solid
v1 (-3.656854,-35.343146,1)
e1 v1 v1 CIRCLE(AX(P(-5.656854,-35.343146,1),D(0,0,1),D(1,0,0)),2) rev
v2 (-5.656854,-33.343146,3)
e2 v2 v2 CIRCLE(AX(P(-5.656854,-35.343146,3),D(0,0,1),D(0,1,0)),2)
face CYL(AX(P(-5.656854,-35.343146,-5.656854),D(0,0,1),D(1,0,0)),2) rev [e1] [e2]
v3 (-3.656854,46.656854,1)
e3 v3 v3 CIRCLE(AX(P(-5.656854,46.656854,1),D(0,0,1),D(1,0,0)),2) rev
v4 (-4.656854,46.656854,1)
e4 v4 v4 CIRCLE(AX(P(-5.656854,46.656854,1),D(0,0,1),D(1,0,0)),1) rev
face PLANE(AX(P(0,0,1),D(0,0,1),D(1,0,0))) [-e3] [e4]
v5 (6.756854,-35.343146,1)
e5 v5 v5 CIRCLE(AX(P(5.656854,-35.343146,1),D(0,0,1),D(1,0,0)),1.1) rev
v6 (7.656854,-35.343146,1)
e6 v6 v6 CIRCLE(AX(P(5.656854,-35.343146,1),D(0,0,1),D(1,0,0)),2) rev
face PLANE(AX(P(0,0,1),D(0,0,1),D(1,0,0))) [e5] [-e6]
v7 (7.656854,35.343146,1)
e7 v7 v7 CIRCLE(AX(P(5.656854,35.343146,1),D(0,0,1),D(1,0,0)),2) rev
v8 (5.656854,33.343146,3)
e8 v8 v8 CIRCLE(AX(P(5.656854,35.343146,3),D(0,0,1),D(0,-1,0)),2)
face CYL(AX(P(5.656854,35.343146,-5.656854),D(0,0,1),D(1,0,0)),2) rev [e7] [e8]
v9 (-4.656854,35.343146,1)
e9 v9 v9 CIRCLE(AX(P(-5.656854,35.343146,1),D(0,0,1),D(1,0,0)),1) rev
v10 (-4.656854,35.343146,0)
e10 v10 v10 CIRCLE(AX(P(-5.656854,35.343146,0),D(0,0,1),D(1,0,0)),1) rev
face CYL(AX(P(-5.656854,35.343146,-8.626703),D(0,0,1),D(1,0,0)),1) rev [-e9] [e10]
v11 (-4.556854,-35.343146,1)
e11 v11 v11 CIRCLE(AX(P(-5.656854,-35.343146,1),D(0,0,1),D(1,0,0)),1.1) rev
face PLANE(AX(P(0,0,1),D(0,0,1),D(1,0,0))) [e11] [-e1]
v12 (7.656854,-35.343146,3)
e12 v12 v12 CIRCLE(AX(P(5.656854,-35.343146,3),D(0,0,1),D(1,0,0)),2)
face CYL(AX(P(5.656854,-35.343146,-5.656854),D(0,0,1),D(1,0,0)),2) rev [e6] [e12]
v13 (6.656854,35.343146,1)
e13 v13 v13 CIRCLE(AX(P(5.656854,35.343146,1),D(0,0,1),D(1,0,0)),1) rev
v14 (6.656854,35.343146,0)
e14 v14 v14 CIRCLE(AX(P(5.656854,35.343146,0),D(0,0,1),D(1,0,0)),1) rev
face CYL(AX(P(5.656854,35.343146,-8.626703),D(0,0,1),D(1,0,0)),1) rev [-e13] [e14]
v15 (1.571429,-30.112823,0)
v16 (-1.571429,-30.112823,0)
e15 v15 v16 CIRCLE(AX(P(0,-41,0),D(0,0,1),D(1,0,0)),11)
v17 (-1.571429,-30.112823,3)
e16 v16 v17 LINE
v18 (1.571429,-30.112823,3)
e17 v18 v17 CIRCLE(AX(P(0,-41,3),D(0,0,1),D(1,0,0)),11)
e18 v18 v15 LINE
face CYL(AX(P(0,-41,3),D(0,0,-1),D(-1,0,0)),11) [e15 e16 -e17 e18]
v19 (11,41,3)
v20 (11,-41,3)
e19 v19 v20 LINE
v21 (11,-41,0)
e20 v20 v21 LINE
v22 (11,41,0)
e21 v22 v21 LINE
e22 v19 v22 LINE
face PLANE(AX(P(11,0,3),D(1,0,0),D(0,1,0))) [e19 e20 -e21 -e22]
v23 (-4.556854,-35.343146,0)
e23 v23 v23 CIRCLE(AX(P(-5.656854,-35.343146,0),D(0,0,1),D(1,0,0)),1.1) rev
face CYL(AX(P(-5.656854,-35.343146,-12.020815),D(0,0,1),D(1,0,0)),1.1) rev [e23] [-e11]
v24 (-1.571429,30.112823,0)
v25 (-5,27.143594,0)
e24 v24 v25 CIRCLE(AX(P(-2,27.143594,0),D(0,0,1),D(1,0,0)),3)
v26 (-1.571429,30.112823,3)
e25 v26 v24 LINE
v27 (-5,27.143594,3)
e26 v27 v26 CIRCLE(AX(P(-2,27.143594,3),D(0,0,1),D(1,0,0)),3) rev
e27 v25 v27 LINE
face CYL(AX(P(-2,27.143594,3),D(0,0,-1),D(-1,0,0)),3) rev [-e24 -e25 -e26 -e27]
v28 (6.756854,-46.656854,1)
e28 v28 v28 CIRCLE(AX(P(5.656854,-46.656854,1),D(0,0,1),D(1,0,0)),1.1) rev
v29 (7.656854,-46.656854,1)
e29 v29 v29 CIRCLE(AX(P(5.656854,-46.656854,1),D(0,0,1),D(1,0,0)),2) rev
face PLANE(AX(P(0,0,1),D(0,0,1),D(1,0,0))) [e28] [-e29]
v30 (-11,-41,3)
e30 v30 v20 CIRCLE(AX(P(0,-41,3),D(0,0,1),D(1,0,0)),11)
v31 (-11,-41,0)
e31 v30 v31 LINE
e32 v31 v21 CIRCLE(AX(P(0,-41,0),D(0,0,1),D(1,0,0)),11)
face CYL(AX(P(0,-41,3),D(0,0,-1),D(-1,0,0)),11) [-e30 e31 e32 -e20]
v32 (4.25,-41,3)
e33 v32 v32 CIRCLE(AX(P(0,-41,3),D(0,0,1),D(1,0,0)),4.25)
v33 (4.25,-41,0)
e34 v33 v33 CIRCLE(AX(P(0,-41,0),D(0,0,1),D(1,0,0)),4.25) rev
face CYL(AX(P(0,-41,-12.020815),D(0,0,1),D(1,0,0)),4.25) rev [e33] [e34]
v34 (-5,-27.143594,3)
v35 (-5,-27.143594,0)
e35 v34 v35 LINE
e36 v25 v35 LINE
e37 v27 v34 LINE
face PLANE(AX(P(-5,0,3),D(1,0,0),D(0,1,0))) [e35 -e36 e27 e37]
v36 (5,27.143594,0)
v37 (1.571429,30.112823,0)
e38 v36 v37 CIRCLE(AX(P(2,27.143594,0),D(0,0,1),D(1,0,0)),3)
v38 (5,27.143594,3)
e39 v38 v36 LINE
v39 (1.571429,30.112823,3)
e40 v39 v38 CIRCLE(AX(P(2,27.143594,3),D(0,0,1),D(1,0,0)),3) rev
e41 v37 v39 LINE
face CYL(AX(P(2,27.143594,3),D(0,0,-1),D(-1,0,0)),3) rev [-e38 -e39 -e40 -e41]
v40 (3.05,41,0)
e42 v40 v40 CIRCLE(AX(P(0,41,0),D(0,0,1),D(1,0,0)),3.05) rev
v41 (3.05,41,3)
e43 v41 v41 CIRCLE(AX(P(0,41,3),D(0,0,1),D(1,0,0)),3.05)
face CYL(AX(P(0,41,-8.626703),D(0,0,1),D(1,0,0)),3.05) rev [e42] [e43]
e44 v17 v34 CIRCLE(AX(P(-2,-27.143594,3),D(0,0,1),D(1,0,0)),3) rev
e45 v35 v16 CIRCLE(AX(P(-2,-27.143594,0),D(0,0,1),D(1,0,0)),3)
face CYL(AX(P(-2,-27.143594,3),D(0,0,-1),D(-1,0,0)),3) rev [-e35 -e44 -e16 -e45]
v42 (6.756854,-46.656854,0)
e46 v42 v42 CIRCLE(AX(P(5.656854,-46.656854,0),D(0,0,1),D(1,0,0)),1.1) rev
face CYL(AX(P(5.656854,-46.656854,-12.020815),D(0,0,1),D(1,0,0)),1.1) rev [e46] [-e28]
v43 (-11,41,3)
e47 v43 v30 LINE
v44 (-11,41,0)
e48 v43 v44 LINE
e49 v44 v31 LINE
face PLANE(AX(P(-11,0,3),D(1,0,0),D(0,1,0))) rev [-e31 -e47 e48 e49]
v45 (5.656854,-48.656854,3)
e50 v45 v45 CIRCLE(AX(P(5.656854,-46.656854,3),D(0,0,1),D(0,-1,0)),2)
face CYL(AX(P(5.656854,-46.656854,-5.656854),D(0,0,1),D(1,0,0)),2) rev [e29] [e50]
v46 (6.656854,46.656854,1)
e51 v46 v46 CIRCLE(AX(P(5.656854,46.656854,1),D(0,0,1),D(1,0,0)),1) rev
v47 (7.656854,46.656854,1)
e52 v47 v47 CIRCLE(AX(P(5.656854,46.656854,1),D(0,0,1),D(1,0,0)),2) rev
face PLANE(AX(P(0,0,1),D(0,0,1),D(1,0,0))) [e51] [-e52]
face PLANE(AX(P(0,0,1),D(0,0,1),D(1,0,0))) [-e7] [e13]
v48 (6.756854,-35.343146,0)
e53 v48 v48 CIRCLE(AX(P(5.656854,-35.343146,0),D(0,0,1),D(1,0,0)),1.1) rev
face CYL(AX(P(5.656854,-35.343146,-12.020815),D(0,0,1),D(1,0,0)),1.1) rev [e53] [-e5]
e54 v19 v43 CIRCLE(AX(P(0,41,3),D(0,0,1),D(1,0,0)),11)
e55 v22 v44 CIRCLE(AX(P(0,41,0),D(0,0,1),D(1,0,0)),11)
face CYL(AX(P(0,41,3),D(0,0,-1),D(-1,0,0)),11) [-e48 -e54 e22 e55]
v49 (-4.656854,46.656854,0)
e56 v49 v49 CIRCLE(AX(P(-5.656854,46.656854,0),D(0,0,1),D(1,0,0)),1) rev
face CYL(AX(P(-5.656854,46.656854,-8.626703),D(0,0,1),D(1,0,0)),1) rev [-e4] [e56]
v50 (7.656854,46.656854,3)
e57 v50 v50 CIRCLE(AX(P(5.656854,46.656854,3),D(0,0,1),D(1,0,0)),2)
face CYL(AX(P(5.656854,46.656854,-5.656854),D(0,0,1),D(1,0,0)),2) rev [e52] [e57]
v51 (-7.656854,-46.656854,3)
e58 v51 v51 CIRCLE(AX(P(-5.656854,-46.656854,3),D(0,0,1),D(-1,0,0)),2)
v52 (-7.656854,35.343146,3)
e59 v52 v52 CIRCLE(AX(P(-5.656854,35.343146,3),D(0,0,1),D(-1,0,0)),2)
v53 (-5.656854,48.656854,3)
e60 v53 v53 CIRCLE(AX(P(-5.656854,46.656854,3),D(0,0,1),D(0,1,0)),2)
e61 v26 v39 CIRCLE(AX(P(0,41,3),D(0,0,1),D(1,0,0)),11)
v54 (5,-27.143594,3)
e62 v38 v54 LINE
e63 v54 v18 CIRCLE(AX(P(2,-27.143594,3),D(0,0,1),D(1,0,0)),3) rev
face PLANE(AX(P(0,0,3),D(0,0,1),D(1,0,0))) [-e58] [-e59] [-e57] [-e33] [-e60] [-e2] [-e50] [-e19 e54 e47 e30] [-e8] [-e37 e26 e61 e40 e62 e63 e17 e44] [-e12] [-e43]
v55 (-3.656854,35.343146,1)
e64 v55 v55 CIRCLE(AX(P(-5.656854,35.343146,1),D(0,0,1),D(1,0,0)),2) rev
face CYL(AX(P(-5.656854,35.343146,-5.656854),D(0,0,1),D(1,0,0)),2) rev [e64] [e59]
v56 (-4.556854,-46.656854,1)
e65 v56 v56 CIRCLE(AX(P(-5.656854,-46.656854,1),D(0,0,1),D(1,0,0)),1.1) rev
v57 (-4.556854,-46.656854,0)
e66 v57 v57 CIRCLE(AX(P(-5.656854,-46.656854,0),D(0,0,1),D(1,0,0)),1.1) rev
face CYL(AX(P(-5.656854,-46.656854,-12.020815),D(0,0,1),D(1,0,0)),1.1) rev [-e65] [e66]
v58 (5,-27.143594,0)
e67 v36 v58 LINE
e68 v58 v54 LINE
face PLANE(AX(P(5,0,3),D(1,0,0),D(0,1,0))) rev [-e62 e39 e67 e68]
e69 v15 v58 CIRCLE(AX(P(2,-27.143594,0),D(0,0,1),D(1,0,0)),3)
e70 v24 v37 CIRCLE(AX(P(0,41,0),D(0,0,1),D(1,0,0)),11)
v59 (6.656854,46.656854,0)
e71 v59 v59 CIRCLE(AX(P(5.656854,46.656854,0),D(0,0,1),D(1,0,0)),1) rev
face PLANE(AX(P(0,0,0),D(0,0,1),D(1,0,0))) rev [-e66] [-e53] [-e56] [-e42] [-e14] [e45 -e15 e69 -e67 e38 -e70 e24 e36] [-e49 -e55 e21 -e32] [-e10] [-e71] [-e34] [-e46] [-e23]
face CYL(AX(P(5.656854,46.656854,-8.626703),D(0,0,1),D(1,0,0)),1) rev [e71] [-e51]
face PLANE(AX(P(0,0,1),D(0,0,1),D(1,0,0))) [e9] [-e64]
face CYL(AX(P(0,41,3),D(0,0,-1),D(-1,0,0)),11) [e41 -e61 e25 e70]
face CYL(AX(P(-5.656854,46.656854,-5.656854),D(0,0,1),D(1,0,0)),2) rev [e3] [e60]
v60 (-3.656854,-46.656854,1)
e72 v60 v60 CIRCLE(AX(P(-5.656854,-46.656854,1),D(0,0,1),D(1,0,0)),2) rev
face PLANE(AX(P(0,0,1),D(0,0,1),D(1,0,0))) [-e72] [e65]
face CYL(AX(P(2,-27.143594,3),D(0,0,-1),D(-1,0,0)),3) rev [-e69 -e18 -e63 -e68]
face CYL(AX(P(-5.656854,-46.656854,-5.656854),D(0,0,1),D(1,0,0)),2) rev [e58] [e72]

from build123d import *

# Parameters (mm, degrees)
BOSS_EXTRUDE1_DEPTH = 3
SKETCH3_R           = 4.25
SKETCH3_R_2         = 1.1
CUT_EXTRUDE3_DEPTH  = 3
SKETCH3_6_R         = 2
CUT_EXTRUDE4_DEPTH  = 2
CIRPATTERN3_COUNT   = 4
SKETCH2_R           = 3.05
SKETCH2_R_2         = 1
CUT_EXTRUDE5_DEPTH  = 3
SKETCH2_5_R         = 2
CUT_EXTRUDE6_DEPTH  = 2
CIRPATTERN4_COUNT   = 4
FILLET1_R           = 3


with BuildPart() as part:
    # Sketch1 → Boss-Extrude1 (new body)
    with BuildSketch(Plane.XY):
        with BuildLine():
            ThreePointArc((11, 41), (0, 52), (-11, 41))
            Line((-11, 41), (-11, -41))
            ThreePointArc((-11, -41), (0, -52), (11, -41))
            Line((11, -41), (11, 41))
        make_face()
        with BuildLine():
            ThreePointArc((0, 30), (2.571230378, 30.304731217), (5, 31.202041029))
            Line((5, 31.202041029), (5, -31.202041029))
            ThreePointArc((5, -31.202041029), (2.571230378, -30.304731217), (0, -30))
            ThreePointArc((0, -30), (-2.571230378, -30.304731217), (-5, -31.202041029))
            Line((-5, -31.202041029), (-5, 31.202041029))
            ThreePointArc((-5, 31.202041029), (-2.571230378, 30.304731217), (0, 30))
        make_face(mode=Mode.SUBTRACT)
    extrude(amount=BOSS_EXTRUDE1_DEPTH)

    # Sketch3 → Cut-Extrude3 (cut)
    with BuildSketch(Plane.XY.offset(3)):
        with Locations((0, -41)):
            Circle(SKETCH3_R)
        with Locations((5.656854249, -35.343145751)):
            Circle(SKETCH3_R_2)
    cut_extrude3 = extrude(amount=-CUT_EXTRUDE3_DEPTH, mode=Mode.SUBTRACT)

    # Sketch3<6> → Cut-Extrude4 (cut)
    with BuildSketch(Plane.XY.offset(3)):
        with Locations((5.656854249, -35.343145751)):
            Circle(SKETCH3_6_R)
    cut_extrude4 = extrude(amount=-CUT_EXTRUDE4_DEPTH, mode=Mode.SUBTRACT)

    # CirPattern3: Cut-Extrude3, Cut-Extrude4 ×4 about axis
    cirpattern3_axis = Axis((0, -41, 0), (0, 0, 1))
    add([cut_extrude3.rotate(cirpattern3_axis, i * 360 / CIRPATTERN3_COUNT) for i in range(1, CIRPATTERN3_COUNT)], mode=Mode.SUBTRACT)
    add([cut_extrude4.rotate(cirpattern3_axis, i * 360 / CIRPATTERN3_COUNT) for i in range(1, CIRPATTERN3_COUNT)], mode=Mode.SUBTRACT)

    # Sketch2 → Cut-Extrude5 (cut)
    with BuildSketch(Plane.XY.offset(3)):
        with Locations((0, 41)):
            Circle(SKETCH2_R)
        with Locations((5.656854249, 46.656854249)):
            Circle(SKETCH2_R_2)
    cut_extrude5 = extrude(amount=-CUT_EXTRUDE5_DEPTH, mode=Mode.SUBTRACT)

    # Sketch2<5> → Cut-Extrude6 (cut)
    with BuildSketch(Plane.XY.offset(3)):
        with Locations((5.656854249, 46.656854249)):
            Circle(SKETCH2_5_R)
    cut_extrude6 = extrude(amount=-CUT_EXTRUDE6_DEPTH, mode=Mode.SUBTRACT)

    # CirPattern4: Cut-Extrude5, Cut-Extrude6 ×4 about axis
    cirpattern4_axis = Axis((0, 41, 0), (0, 0, 1))
    add([cut_extrude5.rotate(cirpattern4_axis, i * 360 / CIRPATTERN4_COUNT) for i in range(1, CIRPATTERN4_COUNT)], mode=Mode.SUBTRACT)
    add([cut_extrude6.rotate(cirpattern4_axis, i * 360 / CIRPATTERN4_COUNT) for i in range(1, CIRPATTERN4_COUNT)], mode=Mode.SUBTRACT)

    # Fillet1
    fillet1_edges = [part.edges().sort_by_distance(p)[0] for p in [
        (5, 31.202041029, 1.5),
        (-5, 31.202041029, 1.5),
        (-5, -31.202041029, 1.5),
        (5, -31.202041029, 1.5),
    ]]
    fillet(fillet1_edges, radius=FILLET1_R)


solid = part.part
